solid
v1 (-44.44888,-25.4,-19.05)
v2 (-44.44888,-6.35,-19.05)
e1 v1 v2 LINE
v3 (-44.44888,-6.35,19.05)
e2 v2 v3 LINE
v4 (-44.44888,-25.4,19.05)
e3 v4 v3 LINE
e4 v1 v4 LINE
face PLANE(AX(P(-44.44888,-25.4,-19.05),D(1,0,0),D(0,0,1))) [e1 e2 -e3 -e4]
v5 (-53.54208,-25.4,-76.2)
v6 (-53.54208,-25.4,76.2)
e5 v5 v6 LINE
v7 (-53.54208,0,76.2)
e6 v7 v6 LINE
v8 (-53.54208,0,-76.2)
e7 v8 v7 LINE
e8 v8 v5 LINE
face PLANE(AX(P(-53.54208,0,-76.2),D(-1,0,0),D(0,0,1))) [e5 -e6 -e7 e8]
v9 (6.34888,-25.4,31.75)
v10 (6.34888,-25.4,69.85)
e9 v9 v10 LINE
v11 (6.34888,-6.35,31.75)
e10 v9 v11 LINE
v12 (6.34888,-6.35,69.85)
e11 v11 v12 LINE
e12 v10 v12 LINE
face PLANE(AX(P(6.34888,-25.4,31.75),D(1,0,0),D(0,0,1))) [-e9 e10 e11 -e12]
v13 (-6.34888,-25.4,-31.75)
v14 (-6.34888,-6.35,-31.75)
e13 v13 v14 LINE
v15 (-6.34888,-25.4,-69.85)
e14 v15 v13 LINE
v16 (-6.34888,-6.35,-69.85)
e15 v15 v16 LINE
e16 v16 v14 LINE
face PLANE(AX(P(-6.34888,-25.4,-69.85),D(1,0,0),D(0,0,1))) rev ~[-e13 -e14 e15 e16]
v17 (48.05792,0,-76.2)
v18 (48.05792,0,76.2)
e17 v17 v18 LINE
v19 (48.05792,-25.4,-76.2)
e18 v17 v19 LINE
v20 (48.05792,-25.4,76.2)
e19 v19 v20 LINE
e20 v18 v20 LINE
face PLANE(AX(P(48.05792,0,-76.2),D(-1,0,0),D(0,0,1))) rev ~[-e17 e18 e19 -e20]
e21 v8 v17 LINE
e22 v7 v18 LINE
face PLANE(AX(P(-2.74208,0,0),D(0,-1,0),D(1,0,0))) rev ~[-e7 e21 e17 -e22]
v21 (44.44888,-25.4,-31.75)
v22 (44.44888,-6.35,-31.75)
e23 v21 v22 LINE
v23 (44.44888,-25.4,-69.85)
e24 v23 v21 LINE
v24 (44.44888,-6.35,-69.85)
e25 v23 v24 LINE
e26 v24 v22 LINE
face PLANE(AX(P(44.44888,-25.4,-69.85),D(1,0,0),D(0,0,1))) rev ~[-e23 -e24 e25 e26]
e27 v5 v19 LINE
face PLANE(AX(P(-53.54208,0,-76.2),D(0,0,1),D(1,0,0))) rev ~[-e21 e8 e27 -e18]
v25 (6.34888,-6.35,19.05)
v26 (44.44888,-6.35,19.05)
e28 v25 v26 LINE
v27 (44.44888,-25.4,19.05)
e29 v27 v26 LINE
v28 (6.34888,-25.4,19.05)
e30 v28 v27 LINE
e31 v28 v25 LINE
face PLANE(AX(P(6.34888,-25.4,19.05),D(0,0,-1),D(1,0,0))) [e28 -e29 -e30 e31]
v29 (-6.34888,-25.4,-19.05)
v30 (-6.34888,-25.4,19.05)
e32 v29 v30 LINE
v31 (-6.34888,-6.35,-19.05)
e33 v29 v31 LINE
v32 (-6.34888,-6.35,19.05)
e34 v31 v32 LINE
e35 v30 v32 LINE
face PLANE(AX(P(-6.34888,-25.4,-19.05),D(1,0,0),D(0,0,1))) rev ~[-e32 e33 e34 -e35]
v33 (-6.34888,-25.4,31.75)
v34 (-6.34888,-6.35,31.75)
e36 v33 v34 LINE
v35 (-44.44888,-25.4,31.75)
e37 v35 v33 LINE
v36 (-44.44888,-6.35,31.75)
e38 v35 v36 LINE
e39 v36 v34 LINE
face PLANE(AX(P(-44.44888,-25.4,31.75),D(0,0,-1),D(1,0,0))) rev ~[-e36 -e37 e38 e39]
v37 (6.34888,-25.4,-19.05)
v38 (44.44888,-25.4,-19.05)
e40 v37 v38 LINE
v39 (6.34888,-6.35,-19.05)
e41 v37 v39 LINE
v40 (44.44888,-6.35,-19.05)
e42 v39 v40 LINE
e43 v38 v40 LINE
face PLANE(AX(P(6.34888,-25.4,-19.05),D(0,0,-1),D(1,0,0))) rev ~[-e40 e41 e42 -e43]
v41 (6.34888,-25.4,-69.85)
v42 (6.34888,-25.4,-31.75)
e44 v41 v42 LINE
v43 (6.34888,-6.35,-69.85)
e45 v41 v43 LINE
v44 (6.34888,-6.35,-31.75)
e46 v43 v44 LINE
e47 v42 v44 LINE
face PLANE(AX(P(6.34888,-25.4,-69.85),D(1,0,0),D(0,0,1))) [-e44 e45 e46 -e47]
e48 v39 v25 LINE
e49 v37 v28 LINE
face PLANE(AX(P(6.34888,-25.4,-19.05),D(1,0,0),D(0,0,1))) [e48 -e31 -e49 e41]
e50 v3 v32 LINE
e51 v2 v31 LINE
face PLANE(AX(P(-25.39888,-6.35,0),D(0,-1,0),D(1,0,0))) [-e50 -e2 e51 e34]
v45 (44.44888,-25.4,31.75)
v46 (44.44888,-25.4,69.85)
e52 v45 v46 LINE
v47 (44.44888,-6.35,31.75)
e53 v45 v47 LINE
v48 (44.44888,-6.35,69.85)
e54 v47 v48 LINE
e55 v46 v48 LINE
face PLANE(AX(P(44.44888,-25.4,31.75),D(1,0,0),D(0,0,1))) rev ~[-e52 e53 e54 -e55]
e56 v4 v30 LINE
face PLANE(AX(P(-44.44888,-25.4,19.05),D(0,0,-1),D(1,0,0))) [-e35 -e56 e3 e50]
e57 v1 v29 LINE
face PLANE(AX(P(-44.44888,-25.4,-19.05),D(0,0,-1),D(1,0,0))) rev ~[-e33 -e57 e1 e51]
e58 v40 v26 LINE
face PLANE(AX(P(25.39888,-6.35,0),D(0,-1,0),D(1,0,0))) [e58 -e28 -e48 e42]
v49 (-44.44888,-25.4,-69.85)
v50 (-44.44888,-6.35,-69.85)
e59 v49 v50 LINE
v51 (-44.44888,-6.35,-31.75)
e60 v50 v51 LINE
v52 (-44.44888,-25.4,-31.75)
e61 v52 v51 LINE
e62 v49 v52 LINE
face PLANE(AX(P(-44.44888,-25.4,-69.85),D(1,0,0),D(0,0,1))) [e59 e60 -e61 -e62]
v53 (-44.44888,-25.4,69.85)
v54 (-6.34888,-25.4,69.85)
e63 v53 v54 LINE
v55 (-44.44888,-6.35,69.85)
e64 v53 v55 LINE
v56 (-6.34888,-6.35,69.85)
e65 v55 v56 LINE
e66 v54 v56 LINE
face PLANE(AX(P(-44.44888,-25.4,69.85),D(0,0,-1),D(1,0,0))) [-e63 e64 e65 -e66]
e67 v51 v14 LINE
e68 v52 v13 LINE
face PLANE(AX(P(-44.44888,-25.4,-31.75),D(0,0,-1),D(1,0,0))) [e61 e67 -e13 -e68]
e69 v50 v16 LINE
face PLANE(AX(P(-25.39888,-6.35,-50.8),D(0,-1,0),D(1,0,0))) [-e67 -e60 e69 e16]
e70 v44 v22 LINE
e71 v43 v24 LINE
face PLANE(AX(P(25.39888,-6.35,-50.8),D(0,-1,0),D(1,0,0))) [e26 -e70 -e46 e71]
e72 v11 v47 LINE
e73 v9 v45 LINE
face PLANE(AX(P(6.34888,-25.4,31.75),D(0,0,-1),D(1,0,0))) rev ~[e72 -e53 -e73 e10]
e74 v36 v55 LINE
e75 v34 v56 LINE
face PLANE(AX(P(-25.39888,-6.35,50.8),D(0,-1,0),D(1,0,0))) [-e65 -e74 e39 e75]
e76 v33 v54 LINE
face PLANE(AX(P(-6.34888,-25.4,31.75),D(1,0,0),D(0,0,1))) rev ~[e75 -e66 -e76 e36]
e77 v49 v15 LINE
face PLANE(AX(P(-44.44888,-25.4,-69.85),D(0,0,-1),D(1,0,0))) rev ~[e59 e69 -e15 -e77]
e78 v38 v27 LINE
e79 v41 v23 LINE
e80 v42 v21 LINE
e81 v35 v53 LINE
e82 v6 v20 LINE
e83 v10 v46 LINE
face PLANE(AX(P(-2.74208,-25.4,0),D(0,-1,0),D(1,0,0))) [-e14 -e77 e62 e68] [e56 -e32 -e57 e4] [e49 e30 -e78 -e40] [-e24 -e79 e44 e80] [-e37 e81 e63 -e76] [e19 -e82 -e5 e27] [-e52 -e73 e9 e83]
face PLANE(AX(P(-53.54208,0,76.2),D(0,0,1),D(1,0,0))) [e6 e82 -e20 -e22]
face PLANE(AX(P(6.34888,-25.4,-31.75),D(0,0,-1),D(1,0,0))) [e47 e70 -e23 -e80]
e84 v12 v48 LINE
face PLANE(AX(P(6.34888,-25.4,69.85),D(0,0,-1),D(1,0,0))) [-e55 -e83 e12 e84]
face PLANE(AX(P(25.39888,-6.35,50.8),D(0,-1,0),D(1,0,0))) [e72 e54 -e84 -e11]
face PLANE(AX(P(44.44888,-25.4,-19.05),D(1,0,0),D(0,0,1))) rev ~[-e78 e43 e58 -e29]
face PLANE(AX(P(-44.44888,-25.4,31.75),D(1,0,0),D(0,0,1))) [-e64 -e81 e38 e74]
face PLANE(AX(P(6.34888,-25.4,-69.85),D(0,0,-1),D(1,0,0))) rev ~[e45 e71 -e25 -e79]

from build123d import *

# Parameters (mm, degrees)
F0_W     = 101.6
F0_H     = 152.4
F1_DEPTH = 25.4
F2_W     = 38.1
F2_H     = 38.1
F3_DEPTH = 19.05


with BuildPart() as f1:
    # F0 (on Front) → F1 (new body)
    with BuildSketch(Plane.XZ):
        with Locations((-2.74208, 0)):
            Rectangle(F0_W, F0_H)
    extrude(amount=F1_DEPTH)

    # F2 (on face) → F3 (cut)
    with BuildSketch(Plane.XZ.offset(25.4)):
        with Locations((-25.39888, 50.8)):
            Rectangle(F2_W, F2_H)
        with Locations((25.39888, 50.8)):
            Rectangle(F2_W, F2_H)
        with Locations((-25.39888, 0)):
            Rectangle(F2_W, F2_H)
        with Locations((25.39888, 0)):
            Rectangle(F2_W, F2_H)
        with Locations((-25.39888, -50.8)):
            Rectangle(F2_W, F2_H)
        with Locations((25.39888, -50.8)):
            Rectangle(F2_W, F2_H)
    extrude(amount=-F3_DEPTH, mode=Mode.SUBTRACT)


solid = f1.part
